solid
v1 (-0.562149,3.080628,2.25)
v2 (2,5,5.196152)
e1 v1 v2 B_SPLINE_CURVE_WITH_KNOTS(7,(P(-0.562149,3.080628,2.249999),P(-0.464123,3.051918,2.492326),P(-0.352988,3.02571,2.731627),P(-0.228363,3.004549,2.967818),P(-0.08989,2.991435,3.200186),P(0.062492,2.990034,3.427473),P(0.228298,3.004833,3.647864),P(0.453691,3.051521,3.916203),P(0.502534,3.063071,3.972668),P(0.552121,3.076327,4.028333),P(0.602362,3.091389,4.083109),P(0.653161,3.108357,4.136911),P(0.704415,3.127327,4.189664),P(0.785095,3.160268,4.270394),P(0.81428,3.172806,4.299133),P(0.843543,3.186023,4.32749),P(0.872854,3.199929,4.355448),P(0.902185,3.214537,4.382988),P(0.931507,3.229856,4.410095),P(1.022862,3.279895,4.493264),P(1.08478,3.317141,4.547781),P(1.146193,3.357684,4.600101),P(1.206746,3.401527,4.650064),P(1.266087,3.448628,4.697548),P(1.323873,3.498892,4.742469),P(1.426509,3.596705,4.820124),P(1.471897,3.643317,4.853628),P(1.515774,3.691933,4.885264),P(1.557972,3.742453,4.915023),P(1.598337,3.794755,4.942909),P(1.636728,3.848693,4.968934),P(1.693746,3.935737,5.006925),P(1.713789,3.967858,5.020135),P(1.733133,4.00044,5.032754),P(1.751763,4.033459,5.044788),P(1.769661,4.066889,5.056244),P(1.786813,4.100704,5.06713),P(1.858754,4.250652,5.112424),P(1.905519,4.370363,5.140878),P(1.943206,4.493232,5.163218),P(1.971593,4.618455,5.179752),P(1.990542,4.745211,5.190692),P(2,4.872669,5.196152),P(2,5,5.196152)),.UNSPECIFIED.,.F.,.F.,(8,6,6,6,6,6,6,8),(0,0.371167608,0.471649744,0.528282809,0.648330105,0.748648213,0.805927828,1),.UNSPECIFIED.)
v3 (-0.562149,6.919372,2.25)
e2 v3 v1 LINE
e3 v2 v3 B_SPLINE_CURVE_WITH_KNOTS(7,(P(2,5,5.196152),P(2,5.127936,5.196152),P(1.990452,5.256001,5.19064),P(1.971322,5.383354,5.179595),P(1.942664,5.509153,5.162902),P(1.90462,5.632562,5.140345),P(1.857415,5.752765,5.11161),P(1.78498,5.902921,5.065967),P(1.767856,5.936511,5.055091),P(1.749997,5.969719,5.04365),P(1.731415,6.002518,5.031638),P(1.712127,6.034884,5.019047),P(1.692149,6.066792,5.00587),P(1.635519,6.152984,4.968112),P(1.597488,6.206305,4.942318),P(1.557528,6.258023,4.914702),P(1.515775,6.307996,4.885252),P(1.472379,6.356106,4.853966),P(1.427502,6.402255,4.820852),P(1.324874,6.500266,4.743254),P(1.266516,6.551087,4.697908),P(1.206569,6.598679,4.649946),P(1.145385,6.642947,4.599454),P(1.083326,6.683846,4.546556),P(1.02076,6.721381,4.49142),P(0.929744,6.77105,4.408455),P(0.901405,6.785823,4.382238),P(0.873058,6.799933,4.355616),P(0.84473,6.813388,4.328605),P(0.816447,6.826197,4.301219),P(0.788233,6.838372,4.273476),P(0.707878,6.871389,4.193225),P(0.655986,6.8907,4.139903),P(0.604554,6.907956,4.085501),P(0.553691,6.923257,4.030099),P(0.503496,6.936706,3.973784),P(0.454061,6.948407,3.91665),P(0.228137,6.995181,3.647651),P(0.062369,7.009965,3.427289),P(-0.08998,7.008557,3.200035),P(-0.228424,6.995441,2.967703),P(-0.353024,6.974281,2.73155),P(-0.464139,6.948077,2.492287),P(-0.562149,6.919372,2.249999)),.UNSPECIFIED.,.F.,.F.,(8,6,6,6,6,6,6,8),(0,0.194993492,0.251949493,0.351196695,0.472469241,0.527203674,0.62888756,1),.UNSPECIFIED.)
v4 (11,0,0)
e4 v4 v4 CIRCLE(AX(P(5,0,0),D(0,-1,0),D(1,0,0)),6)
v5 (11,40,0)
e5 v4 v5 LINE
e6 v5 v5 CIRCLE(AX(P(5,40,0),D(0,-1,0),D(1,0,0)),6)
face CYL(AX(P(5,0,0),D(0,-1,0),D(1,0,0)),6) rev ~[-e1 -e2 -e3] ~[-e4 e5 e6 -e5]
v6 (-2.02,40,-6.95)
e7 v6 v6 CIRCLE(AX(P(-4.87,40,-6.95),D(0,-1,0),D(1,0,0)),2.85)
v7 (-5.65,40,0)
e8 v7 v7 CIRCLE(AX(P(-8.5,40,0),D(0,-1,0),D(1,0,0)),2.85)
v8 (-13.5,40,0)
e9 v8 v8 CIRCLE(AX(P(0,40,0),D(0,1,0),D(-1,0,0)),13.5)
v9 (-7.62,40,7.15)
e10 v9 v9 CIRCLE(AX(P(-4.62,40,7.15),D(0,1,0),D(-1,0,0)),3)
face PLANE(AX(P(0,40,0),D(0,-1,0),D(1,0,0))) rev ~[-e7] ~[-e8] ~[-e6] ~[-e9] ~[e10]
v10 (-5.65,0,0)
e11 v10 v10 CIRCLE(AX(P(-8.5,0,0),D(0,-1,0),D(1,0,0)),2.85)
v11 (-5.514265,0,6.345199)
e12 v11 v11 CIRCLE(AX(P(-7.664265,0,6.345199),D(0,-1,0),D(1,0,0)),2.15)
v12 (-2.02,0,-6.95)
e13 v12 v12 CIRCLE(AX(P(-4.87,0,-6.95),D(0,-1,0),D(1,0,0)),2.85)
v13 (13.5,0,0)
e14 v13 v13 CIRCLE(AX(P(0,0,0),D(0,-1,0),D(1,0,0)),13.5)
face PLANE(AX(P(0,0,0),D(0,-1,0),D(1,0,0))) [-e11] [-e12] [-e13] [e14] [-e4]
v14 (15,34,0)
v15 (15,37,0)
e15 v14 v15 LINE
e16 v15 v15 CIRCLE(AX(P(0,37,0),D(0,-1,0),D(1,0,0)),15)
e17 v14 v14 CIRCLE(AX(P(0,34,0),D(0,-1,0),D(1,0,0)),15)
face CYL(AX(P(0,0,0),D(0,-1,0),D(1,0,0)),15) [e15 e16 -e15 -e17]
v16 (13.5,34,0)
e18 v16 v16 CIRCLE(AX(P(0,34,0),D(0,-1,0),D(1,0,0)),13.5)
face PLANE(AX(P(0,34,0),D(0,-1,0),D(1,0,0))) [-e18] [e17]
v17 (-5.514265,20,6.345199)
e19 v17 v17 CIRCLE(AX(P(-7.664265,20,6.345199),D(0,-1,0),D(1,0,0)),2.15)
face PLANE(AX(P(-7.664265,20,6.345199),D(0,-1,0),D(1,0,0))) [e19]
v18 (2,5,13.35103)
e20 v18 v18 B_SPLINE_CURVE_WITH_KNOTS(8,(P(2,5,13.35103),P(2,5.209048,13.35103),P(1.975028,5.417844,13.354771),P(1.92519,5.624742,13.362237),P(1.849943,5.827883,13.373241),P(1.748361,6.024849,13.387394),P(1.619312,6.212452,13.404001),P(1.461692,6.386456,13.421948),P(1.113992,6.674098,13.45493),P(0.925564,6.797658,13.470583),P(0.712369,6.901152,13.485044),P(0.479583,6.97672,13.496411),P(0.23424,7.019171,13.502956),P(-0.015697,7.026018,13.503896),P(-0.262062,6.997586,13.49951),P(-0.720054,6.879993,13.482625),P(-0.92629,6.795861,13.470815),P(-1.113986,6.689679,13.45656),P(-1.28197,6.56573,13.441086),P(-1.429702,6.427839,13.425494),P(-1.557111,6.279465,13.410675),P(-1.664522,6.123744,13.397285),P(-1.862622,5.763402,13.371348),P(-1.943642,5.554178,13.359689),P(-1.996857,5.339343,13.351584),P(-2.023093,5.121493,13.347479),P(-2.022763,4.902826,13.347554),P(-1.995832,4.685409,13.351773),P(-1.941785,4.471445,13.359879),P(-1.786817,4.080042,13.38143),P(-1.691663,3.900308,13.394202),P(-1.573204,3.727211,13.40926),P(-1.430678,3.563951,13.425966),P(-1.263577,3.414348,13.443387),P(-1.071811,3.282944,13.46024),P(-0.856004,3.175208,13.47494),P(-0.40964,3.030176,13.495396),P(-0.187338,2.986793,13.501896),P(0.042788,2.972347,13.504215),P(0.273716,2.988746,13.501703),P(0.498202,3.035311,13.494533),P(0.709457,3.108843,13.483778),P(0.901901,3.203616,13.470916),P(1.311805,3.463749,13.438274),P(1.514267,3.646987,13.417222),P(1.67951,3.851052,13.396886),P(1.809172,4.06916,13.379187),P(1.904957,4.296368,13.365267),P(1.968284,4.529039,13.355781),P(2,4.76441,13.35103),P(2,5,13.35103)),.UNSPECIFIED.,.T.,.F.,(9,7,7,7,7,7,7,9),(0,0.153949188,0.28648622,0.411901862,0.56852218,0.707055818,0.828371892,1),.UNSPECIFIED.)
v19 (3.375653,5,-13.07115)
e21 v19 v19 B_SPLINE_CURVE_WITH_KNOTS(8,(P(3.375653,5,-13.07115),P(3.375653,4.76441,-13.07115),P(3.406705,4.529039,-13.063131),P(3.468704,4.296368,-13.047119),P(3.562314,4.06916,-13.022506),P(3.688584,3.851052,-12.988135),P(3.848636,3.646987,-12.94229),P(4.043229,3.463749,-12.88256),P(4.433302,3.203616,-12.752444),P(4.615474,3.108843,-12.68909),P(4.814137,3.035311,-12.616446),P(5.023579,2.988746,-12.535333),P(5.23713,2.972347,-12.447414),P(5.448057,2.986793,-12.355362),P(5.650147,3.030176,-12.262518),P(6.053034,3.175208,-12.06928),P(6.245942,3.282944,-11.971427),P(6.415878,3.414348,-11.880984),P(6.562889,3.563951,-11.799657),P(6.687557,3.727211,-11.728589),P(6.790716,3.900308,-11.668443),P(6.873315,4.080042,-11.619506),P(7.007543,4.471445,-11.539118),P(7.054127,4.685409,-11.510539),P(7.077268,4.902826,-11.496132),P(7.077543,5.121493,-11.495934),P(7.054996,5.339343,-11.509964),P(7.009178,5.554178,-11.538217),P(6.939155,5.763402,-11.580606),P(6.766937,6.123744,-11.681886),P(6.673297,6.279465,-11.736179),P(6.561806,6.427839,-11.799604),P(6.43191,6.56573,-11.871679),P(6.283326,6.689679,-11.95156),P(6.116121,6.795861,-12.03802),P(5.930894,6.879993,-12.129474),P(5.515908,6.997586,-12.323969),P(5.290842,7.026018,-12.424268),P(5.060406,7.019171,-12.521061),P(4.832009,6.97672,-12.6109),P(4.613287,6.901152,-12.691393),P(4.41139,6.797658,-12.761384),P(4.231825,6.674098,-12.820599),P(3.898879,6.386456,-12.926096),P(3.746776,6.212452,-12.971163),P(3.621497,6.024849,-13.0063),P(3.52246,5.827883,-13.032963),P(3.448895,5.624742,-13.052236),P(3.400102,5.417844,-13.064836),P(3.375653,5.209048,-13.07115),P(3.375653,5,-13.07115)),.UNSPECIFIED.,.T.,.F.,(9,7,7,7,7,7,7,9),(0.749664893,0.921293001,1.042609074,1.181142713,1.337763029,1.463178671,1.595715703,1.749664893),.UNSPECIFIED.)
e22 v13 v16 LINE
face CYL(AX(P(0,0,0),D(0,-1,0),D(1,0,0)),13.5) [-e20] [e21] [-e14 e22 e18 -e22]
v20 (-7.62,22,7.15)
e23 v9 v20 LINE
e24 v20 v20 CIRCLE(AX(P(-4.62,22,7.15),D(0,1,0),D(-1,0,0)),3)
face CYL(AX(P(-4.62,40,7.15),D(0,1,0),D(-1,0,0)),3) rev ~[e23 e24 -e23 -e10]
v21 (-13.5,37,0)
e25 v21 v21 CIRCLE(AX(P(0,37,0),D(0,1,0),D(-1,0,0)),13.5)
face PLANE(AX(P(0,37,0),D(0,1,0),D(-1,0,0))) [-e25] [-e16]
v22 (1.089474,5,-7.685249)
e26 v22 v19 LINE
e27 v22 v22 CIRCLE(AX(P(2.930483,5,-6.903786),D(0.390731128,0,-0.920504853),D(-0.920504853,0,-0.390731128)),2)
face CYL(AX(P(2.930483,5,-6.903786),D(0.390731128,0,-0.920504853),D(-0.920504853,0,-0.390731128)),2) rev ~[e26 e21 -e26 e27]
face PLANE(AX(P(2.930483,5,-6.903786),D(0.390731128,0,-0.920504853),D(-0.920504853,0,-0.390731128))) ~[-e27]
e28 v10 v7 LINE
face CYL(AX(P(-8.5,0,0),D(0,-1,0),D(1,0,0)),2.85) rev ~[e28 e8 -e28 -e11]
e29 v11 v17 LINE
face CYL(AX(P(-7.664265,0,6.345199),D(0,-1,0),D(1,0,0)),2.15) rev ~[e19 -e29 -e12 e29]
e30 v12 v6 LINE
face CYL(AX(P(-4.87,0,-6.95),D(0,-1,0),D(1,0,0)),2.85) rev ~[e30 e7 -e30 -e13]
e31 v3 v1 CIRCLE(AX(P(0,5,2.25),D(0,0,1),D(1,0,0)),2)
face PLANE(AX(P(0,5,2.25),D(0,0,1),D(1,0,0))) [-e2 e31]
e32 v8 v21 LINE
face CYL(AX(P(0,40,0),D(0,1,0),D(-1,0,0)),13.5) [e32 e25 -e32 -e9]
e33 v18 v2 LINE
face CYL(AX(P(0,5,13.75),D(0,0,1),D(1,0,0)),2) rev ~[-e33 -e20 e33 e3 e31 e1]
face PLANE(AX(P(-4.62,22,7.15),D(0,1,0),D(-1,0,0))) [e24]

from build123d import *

# Parameters (mm, degrees)
F0_R      = 15
F1_DEPTH  = 40
F2_R      = 25.4542264432
F2_R_2    = 13.5
F3_DEPTH  = 34
F4_R      = 18.7341307963
F4_R_2    = 13.5
F5_DEPTH  = 3
F6_R      = 6
F7_DEPTH  = 40.001
F8_R      = 2.85
F9_DEPTH  = 40.001
F10_R     = 2.85
F11_DEPTH = 40.001
F12_R     = 2.15
F13_DEPTH = 20
F14_R     = 3
F15_DEPTH = 18
F17_R     = 2
F18_DEPTH = 11.5


with BuildPart() as f1:
    # F0 (on Front) → F1 (new body)
    with BuildSketch(Plane.XZ):
        Circle(F0_R)
    extrude(amount=-F1_DEPTH)

    # F2 (on face) → F3 (cut)
    with BuildSketch(Plane.XZ):
        Circle(F2_R)
        Circle(F2_R_2, mode=Mode.SUBTRACT)
    extrude(amount=-F3_DEPTH, mode=Mode.SUBTRACT)

    # F4 (on face) → F5 (cut)
    with BuildSketch(Plane(origin=(0, 40, 0), x_dir=(-1, 0, 0), z_dir=(0, 1, 0))):
        Circle(F4_R)
        Circle(F4_R_2, mode=Mode.SUBTRACT)
    extrude(amount=-F5_DEPTH, mode=Mode.SUBTRACT)

    # F6 (on face) → F7 (cut, through all)
    with BuildSketch(Plane.XZ):
        with Locations((5, 0)):
            Circle(F6_R)
    extrude(amount=-F7_DEPTH, mode=Mode.SUBTRACT)

    # F8 (on face) → F9 (cut, through all)
    with BuildSketch(Plane.XZ):
        with Locations((-4.87, -6.95)):
            Circle(F8_R)
    extrude(amount=-F9_DEPTH, mode=Mode.SUBTRACT)

    # F10 (on face) → F11 (cut, through all)
    with BuildSketch(Plane.XZ):
        with Locations((-8.5, 0)):
            Circle(F10_R)
    extrude(amount=-F11_DEPTH, mode=Mode.SUBTRACT)

    # F12 (on face) → F13 (cut)
    with BuildSketch(Plane.XZ):
        with Locations((-7.6642647059, 6.3451986981)):
            Circle(F12_R)
    extrude(amount=-F13_DEPTH, mode=Mode.SUBTRACT)

    # F14 (on face) → F15 (cut)
    with BuildSketch(Plane(origin=(0, 40, 0), x_dir=(-1, 0, 0), z_dir=(0, 1, 0))):
        with Locations((4.62, 7.15)):
            Circle(F14_R)
    extrude(amount=-F15_DEPTH, mode=Mode.SUBTRACT)

    # F17 (on offset) → F18 (cut)
    with BuildSketch(Plane.XY.offset(13.75)):
        with Locations((0, 5)):
            Circle(F17_R)
    extrude(amount=-F18_DEPTH, mode=Mode.SUBTRACT)

    # F20 (on offset) → F21 (revolve, cut)
    with BuildSketch(Plane.XZ.offset(-5)):
        Polygon((5.2748702346, -12.4268155216), (2.9304834637, -6.9037864009), (1.0894737568, -7.6852486579), (3.4338605277, -13.2082777786), align=None)
    revolve(axis=Axis((2.6374351173, 5, -6.2134077608), (0.3907311285, 0, -0.9205048535)), mode=Mode.SUBTRACT)


solid = f1.part
